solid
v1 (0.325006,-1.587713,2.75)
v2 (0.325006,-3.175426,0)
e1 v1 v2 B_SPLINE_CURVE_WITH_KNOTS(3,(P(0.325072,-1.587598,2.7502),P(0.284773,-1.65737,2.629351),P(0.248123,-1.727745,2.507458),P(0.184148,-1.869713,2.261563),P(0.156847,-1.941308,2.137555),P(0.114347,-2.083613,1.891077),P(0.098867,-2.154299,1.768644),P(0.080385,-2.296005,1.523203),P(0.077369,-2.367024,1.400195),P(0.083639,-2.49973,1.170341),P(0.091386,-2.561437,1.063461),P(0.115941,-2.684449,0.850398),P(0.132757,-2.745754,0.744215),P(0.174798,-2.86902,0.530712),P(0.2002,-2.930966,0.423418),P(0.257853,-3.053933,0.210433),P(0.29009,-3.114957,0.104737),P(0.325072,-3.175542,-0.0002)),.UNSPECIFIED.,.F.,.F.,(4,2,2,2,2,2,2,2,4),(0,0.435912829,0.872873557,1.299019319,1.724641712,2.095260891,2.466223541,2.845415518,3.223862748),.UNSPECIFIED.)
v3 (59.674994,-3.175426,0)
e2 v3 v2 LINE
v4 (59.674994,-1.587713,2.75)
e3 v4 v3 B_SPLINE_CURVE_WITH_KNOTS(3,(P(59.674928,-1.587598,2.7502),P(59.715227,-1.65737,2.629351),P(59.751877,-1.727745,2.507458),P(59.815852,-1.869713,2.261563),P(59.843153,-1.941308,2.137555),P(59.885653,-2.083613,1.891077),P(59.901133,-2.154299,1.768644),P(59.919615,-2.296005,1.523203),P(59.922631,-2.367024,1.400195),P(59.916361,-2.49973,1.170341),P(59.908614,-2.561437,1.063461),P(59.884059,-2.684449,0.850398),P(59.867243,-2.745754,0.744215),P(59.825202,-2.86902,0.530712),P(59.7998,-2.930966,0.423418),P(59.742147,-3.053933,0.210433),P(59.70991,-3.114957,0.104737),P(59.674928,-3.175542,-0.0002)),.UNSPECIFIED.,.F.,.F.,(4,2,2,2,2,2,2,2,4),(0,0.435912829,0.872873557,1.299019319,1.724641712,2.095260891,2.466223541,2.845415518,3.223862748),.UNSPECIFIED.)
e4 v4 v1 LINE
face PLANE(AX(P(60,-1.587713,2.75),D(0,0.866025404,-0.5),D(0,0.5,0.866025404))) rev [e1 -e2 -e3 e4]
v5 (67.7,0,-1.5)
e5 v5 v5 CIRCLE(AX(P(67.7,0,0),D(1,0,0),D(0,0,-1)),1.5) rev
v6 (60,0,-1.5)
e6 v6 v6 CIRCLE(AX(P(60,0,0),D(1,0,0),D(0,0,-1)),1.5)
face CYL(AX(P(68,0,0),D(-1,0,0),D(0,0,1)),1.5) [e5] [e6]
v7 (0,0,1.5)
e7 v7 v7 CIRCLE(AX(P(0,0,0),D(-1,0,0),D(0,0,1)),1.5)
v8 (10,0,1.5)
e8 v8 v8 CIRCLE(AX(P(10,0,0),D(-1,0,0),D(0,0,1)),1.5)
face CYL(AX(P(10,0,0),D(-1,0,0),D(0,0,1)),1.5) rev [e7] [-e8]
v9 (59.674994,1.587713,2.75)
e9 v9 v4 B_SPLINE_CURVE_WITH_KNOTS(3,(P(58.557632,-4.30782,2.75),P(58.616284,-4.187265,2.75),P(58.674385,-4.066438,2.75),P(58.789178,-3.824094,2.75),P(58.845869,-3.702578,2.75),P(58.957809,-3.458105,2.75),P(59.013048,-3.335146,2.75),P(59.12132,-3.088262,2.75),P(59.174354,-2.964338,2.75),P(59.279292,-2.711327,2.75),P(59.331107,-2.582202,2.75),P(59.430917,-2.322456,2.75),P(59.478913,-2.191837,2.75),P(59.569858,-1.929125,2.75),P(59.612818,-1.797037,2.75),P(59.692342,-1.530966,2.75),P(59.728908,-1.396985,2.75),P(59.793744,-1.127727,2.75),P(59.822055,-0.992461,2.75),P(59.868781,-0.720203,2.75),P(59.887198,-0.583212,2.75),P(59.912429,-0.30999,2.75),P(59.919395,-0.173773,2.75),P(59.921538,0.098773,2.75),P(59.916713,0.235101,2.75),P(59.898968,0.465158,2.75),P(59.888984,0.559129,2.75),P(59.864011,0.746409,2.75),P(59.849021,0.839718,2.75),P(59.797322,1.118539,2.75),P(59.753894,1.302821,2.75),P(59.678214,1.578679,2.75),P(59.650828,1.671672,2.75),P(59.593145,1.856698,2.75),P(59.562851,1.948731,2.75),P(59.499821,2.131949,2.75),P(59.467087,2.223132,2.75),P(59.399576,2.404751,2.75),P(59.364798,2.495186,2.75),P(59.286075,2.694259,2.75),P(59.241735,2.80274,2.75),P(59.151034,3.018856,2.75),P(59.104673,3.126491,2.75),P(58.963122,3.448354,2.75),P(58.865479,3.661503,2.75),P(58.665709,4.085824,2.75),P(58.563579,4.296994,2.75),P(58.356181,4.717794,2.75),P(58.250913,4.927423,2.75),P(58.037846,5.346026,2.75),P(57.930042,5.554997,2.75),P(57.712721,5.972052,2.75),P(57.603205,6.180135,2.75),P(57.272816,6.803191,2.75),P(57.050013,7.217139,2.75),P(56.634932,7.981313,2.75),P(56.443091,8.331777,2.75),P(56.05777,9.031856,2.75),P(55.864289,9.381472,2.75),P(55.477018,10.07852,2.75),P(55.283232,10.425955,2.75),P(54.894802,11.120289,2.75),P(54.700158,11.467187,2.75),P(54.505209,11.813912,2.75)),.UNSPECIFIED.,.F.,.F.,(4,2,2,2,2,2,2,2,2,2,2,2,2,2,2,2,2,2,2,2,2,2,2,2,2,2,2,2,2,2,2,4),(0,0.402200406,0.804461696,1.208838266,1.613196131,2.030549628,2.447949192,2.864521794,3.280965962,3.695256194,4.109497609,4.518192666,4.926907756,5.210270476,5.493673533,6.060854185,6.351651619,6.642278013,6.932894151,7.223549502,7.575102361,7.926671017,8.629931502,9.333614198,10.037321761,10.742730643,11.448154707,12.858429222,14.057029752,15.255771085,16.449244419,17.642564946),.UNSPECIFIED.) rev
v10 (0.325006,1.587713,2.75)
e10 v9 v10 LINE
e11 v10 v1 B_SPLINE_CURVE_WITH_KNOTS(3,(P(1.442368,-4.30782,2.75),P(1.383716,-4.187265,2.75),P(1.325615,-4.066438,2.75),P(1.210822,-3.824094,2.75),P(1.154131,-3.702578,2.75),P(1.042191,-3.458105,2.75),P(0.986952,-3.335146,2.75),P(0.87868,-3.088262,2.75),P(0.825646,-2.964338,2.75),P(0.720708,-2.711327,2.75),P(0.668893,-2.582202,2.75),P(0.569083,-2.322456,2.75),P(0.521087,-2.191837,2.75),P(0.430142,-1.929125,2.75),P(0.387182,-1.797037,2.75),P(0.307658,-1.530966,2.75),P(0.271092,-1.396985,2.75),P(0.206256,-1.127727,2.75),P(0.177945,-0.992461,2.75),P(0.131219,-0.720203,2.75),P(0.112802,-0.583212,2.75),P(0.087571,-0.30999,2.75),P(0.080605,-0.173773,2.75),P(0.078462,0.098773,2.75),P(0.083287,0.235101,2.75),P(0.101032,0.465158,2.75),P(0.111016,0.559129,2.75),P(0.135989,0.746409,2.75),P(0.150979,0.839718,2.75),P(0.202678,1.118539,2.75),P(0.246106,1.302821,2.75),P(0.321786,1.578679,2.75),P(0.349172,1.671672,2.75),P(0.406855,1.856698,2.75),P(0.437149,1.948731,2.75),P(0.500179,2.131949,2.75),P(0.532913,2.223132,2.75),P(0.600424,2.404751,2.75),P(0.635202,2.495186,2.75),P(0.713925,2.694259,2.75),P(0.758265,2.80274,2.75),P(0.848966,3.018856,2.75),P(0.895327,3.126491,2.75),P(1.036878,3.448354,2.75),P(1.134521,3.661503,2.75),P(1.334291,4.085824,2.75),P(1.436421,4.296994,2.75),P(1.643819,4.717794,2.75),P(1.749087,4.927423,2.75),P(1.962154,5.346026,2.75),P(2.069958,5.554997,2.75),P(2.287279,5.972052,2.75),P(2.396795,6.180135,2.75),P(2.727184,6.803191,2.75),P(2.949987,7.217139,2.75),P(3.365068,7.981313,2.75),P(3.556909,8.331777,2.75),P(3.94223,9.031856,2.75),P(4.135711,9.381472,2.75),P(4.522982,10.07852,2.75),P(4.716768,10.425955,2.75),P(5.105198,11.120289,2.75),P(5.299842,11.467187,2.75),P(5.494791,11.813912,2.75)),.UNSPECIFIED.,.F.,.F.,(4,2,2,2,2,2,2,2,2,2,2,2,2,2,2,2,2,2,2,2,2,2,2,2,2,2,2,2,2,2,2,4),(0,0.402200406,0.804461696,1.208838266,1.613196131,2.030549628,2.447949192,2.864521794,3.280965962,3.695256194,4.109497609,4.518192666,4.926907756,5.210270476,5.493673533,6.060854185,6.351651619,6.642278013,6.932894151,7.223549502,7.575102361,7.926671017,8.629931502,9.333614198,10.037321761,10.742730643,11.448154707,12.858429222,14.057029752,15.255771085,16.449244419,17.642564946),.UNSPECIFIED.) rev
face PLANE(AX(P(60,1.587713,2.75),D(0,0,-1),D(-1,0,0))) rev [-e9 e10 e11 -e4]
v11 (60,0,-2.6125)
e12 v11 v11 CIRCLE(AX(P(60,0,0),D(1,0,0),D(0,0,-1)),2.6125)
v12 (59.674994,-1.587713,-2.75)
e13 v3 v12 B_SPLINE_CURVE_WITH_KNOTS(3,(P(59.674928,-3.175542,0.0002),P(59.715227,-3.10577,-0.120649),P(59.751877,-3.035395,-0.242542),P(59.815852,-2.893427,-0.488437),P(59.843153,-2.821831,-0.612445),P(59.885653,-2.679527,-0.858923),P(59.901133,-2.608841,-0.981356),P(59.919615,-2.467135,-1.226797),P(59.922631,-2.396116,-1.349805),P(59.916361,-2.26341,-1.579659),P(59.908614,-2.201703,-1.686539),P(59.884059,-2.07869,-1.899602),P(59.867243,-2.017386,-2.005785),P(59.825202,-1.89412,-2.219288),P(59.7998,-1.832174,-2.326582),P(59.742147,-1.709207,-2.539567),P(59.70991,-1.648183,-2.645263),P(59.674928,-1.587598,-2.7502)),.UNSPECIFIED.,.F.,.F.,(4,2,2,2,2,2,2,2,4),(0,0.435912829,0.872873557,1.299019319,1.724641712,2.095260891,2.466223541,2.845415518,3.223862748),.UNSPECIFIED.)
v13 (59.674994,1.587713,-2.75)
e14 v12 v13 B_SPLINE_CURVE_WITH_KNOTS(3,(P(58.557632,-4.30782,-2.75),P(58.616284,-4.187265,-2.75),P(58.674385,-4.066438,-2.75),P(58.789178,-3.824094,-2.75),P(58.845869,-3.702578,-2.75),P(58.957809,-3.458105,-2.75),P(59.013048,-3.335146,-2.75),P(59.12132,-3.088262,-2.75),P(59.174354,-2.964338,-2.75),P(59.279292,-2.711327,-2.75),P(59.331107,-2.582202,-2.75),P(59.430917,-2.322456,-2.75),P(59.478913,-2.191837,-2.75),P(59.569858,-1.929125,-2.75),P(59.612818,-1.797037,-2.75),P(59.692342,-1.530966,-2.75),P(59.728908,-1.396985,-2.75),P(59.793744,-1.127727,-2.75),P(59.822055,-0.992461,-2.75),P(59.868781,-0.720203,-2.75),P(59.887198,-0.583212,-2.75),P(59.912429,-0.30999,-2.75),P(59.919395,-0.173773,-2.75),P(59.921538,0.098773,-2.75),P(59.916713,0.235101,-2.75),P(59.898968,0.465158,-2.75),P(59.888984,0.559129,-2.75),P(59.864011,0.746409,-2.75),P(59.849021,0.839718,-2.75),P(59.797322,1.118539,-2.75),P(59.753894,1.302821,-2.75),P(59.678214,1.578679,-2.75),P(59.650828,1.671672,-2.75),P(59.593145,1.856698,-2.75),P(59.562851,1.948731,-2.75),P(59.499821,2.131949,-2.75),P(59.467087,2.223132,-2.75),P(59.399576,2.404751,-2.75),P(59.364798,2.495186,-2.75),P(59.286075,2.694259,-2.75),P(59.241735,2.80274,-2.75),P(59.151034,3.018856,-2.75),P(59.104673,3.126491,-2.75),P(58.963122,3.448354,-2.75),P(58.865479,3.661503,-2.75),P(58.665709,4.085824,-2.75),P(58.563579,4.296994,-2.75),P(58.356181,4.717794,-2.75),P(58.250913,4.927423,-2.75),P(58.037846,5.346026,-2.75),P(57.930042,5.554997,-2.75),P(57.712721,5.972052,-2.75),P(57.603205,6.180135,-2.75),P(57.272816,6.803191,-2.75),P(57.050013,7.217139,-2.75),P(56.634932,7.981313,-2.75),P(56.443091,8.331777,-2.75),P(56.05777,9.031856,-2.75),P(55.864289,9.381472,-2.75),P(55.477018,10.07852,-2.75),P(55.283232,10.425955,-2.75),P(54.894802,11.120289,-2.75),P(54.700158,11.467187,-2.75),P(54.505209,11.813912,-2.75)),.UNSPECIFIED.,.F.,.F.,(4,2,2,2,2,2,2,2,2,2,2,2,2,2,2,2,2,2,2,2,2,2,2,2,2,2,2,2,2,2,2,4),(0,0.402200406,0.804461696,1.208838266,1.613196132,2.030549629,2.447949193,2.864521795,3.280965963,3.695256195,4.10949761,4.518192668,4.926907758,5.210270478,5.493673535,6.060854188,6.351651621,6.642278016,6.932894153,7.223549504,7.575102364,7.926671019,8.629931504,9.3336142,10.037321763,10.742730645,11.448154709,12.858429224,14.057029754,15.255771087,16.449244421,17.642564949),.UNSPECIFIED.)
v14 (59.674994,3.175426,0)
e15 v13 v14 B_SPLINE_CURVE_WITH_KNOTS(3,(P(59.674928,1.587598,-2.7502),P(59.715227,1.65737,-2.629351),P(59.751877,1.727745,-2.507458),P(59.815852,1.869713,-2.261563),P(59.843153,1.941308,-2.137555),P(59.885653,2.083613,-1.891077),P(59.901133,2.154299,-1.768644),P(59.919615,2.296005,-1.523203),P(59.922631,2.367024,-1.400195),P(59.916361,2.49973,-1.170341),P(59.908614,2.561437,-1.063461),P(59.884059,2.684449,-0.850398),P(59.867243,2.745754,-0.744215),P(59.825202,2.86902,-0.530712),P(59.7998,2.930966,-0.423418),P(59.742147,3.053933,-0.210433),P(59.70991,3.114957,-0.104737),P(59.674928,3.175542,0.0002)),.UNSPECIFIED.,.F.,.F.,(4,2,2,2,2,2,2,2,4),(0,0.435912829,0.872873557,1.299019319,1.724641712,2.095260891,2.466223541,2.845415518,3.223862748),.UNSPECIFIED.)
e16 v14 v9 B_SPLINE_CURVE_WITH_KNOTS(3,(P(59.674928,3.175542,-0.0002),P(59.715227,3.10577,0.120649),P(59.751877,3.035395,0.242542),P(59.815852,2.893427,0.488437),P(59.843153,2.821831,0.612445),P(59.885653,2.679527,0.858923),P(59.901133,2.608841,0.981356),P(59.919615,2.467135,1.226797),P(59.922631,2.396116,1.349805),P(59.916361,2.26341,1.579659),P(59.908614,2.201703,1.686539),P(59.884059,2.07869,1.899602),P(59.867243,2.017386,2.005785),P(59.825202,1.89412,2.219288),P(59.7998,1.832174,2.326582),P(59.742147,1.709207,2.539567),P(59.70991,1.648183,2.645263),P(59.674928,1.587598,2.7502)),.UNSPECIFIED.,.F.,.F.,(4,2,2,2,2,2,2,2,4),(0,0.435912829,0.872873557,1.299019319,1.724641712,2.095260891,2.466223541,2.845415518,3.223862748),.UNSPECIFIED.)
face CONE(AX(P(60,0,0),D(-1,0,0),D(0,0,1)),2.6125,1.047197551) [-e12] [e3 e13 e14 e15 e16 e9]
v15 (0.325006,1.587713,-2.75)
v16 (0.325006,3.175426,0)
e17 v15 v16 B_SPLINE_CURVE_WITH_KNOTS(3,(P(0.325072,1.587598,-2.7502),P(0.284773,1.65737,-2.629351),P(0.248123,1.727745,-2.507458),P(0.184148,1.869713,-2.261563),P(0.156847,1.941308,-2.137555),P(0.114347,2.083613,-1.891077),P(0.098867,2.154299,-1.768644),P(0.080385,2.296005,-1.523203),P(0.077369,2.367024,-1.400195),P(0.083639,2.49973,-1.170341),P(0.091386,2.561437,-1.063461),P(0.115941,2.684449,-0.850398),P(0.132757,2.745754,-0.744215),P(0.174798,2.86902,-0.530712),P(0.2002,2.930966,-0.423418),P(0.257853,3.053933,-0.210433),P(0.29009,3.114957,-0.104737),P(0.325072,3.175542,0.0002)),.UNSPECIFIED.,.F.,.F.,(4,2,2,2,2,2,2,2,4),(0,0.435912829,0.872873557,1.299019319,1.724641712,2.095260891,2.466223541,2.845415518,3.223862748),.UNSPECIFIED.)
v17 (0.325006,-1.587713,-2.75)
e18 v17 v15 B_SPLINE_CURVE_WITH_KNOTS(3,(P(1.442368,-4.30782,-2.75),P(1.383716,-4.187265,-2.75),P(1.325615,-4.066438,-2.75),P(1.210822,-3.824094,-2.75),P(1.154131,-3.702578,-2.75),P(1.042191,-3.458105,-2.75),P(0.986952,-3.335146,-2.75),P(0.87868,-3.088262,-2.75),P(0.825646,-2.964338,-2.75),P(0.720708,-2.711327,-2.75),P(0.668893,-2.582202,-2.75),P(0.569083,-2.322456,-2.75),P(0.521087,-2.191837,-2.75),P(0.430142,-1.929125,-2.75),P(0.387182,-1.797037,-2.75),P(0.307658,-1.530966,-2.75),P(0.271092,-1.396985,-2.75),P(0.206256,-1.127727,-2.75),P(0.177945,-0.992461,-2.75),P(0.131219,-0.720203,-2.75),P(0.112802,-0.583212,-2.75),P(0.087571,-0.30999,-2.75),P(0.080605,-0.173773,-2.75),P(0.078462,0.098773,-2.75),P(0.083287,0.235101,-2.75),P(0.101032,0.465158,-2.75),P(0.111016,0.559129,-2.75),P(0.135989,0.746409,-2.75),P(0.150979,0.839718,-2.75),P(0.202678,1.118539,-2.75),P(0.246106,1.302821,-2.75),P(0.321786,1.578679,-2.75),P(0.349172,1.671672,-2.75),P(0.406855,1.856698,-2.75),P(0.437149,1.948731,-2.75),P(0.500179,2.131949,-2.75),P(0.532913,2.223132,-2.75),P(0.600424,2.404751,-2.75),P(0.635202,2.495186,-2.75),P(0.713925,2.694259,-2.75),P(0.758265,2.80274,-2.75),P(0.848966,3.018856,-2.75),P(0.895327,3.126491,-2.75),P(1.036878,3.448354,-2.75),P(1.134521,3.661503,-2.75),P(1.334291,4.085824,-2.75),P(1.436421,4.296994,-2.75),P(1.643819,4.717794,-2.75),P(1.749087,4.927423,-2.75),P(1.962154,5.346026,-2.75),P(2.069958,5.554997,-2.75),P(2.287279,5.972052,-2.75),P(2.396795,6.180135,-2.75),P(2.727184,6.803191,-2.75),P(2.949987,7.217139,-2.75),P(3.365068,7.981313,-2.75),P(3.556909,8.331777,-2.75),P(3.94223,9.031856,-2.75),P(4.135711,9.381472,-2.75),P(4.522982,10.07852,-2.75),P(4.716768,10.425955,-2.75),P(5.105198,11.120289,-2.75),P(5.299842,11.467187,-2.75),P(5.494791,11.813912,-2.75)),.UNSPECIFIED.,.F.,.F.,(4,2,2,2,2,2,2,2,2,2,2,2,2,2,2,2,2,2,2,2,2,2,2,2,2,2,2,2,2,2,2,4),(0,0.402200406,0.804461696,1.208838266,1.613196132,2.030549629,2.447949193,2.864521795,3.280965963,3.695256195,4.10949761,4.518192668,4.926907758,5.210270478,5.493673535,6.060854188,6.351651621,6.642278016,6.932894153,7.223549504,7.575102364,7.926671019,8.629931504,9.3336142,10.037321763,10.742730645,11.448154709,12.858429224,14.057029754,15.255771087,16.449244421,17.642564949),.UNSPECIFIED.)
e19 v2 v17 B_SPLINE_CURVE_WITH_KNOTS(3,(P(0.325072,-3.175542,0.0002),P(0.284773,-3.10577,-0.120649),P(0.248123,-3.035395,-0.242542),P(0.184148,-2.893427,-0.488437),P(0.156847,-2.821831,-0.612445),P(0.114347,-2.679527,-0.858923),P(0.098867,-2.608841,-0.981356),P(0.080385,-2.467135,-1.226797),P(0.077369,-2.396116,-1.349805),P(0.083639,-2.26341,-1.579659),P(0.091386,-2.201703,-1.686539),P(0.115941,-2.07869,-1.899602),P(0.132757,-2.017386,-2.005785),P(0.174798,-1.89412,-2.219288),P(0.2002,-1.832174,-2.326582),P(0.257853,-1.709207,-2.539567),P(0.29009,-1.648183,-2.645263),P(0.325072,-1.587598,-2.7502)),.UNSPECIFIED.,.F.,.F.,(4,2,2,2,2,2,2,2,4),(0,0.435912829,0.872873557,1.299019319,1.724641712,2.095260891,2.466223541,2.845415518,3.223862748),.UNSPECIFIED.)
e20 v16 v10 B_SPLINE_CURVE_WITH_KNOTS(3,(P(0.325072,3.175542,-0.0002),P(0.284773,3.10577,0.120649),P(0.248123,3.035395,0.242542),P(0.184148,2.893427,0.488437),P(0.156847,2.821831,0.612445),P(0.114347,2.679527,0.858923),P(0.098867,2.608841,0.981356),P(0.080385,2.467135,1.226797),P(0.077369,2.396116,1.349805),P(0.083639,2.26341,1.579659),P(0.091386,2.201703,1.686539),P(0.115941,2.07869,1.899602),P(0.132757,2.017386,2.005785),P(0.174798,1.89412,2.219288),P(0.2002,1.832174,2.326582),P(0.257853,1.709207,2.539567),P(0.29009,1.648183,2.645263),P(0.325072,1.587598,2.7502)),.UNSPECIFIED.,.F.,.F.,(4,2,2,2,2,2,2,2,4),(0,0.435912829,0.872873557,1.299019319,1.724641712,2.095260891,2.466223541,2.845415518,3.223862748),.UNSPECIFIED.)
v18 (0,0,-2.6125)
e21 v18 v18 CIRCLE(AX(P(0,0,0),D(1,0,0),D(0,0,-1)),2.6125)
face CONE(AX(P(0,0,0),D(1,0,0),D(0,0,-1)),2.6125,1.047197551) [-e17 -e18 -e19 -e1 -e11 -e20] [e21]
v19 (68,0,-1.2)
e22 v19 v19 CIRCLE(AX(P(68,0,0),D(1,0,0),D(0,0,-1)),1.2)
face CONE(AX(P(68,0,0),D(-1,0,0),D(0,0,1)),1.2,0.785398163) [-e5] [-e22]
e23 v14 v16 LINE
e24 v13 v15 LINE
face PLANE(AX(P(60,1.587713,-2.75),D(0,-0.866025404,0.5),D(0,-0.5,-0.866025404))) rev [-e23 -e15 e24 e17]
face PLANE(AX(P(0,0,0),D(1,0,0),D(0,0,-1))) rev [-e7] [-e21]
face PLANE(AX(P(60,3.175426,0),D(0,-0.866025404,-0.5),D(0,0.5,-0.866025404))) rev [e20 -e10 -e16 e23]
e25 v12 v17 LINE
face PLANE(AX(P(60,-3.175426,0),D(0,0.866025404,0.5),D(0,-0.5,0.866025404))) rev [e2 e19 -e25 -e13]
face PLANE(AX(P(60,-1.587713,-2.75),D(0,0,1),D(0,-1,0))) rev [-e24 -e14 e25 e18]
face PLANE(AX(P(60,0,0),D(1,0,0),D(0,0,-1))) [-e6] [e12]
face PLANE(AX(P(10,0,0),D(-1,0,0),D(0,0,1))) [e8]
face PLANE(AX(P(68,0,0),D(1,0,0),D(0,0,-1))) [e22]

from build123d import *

# Parameters (mm, degrees)
BOSS_EXTRUDE1_DEPTH = 60
SKETCH2_R           = 1.5
BOSS_EXTRUDE2_DEPTH = 8
SKETCH3_R           = 1.5
CUT_EXTRUDE1_DEPTH  = 10
CHAMFER1_SIZE       = 0.3


with BuildPart() as part:
    # Sketch1 → Boss-Extrude1 (new body)
    with BuildSketch(Plane(origin=(0, 0, 0), x_dir=(0, 0, -1), z_dir=(1, 0, 0))):
        Polygon((0, 3.175426481), (-2.75, 1.58771324), (-2.75, -1.58771324), (0, -3.175426481), (2.75, -1.58771324), (2.75, 1.58771324), align=None)
    extrude(amount=BOSS_EXTRUDE1_DEPTH)

    # Sketch2 → Boss-Extrude2 (add)
    with BuildSketch(Plane(origin=(60, 0, 0), x_dir=(0, 0, -1), z_dir=(1, 0, 0))):
        Circle(SKETCH2_R)
    extrude(amount=BOSS_EXTRUDE2_DEPTH)

    # Sketch3 → Cut-Extrude1 (cut)
    with BuildSketch(Plane.ZY):
        Circle(SKETCH3_R)
    extrude(amount=-CUT_EXTRUDE1_DEPTH, mode=Mode.SUBTRACT)

    # Sketch4 → Cut-Revolve1 (revolve, cut)
    with BuildSketch(Plane(origin=(0, 0, 0), x_dir=(1, 0, 0), z_dir=(0, 1, 0))):
        Polygon((0, 10.219809024), (4.392081913, 10.219809024), (0, 2.6125), align=None)
        Polygon((60, 2.6125), (60, 10.219809024), (55.607918087, 10.219809024), align=None)
    revolve(axis=Axis((0, 0, 0), (-1, 0, 0)), mode=Mode.SUBTRACT)

    # Chamfer1
    chamfer1_edges = [part.edges().sort_by_distance(p)[0] for p in [
        (68, 0, 1.5),
    ]]
    chamfer(chamfer1_edges, length=CHAMFER1_SIZE)


solid = part.part
